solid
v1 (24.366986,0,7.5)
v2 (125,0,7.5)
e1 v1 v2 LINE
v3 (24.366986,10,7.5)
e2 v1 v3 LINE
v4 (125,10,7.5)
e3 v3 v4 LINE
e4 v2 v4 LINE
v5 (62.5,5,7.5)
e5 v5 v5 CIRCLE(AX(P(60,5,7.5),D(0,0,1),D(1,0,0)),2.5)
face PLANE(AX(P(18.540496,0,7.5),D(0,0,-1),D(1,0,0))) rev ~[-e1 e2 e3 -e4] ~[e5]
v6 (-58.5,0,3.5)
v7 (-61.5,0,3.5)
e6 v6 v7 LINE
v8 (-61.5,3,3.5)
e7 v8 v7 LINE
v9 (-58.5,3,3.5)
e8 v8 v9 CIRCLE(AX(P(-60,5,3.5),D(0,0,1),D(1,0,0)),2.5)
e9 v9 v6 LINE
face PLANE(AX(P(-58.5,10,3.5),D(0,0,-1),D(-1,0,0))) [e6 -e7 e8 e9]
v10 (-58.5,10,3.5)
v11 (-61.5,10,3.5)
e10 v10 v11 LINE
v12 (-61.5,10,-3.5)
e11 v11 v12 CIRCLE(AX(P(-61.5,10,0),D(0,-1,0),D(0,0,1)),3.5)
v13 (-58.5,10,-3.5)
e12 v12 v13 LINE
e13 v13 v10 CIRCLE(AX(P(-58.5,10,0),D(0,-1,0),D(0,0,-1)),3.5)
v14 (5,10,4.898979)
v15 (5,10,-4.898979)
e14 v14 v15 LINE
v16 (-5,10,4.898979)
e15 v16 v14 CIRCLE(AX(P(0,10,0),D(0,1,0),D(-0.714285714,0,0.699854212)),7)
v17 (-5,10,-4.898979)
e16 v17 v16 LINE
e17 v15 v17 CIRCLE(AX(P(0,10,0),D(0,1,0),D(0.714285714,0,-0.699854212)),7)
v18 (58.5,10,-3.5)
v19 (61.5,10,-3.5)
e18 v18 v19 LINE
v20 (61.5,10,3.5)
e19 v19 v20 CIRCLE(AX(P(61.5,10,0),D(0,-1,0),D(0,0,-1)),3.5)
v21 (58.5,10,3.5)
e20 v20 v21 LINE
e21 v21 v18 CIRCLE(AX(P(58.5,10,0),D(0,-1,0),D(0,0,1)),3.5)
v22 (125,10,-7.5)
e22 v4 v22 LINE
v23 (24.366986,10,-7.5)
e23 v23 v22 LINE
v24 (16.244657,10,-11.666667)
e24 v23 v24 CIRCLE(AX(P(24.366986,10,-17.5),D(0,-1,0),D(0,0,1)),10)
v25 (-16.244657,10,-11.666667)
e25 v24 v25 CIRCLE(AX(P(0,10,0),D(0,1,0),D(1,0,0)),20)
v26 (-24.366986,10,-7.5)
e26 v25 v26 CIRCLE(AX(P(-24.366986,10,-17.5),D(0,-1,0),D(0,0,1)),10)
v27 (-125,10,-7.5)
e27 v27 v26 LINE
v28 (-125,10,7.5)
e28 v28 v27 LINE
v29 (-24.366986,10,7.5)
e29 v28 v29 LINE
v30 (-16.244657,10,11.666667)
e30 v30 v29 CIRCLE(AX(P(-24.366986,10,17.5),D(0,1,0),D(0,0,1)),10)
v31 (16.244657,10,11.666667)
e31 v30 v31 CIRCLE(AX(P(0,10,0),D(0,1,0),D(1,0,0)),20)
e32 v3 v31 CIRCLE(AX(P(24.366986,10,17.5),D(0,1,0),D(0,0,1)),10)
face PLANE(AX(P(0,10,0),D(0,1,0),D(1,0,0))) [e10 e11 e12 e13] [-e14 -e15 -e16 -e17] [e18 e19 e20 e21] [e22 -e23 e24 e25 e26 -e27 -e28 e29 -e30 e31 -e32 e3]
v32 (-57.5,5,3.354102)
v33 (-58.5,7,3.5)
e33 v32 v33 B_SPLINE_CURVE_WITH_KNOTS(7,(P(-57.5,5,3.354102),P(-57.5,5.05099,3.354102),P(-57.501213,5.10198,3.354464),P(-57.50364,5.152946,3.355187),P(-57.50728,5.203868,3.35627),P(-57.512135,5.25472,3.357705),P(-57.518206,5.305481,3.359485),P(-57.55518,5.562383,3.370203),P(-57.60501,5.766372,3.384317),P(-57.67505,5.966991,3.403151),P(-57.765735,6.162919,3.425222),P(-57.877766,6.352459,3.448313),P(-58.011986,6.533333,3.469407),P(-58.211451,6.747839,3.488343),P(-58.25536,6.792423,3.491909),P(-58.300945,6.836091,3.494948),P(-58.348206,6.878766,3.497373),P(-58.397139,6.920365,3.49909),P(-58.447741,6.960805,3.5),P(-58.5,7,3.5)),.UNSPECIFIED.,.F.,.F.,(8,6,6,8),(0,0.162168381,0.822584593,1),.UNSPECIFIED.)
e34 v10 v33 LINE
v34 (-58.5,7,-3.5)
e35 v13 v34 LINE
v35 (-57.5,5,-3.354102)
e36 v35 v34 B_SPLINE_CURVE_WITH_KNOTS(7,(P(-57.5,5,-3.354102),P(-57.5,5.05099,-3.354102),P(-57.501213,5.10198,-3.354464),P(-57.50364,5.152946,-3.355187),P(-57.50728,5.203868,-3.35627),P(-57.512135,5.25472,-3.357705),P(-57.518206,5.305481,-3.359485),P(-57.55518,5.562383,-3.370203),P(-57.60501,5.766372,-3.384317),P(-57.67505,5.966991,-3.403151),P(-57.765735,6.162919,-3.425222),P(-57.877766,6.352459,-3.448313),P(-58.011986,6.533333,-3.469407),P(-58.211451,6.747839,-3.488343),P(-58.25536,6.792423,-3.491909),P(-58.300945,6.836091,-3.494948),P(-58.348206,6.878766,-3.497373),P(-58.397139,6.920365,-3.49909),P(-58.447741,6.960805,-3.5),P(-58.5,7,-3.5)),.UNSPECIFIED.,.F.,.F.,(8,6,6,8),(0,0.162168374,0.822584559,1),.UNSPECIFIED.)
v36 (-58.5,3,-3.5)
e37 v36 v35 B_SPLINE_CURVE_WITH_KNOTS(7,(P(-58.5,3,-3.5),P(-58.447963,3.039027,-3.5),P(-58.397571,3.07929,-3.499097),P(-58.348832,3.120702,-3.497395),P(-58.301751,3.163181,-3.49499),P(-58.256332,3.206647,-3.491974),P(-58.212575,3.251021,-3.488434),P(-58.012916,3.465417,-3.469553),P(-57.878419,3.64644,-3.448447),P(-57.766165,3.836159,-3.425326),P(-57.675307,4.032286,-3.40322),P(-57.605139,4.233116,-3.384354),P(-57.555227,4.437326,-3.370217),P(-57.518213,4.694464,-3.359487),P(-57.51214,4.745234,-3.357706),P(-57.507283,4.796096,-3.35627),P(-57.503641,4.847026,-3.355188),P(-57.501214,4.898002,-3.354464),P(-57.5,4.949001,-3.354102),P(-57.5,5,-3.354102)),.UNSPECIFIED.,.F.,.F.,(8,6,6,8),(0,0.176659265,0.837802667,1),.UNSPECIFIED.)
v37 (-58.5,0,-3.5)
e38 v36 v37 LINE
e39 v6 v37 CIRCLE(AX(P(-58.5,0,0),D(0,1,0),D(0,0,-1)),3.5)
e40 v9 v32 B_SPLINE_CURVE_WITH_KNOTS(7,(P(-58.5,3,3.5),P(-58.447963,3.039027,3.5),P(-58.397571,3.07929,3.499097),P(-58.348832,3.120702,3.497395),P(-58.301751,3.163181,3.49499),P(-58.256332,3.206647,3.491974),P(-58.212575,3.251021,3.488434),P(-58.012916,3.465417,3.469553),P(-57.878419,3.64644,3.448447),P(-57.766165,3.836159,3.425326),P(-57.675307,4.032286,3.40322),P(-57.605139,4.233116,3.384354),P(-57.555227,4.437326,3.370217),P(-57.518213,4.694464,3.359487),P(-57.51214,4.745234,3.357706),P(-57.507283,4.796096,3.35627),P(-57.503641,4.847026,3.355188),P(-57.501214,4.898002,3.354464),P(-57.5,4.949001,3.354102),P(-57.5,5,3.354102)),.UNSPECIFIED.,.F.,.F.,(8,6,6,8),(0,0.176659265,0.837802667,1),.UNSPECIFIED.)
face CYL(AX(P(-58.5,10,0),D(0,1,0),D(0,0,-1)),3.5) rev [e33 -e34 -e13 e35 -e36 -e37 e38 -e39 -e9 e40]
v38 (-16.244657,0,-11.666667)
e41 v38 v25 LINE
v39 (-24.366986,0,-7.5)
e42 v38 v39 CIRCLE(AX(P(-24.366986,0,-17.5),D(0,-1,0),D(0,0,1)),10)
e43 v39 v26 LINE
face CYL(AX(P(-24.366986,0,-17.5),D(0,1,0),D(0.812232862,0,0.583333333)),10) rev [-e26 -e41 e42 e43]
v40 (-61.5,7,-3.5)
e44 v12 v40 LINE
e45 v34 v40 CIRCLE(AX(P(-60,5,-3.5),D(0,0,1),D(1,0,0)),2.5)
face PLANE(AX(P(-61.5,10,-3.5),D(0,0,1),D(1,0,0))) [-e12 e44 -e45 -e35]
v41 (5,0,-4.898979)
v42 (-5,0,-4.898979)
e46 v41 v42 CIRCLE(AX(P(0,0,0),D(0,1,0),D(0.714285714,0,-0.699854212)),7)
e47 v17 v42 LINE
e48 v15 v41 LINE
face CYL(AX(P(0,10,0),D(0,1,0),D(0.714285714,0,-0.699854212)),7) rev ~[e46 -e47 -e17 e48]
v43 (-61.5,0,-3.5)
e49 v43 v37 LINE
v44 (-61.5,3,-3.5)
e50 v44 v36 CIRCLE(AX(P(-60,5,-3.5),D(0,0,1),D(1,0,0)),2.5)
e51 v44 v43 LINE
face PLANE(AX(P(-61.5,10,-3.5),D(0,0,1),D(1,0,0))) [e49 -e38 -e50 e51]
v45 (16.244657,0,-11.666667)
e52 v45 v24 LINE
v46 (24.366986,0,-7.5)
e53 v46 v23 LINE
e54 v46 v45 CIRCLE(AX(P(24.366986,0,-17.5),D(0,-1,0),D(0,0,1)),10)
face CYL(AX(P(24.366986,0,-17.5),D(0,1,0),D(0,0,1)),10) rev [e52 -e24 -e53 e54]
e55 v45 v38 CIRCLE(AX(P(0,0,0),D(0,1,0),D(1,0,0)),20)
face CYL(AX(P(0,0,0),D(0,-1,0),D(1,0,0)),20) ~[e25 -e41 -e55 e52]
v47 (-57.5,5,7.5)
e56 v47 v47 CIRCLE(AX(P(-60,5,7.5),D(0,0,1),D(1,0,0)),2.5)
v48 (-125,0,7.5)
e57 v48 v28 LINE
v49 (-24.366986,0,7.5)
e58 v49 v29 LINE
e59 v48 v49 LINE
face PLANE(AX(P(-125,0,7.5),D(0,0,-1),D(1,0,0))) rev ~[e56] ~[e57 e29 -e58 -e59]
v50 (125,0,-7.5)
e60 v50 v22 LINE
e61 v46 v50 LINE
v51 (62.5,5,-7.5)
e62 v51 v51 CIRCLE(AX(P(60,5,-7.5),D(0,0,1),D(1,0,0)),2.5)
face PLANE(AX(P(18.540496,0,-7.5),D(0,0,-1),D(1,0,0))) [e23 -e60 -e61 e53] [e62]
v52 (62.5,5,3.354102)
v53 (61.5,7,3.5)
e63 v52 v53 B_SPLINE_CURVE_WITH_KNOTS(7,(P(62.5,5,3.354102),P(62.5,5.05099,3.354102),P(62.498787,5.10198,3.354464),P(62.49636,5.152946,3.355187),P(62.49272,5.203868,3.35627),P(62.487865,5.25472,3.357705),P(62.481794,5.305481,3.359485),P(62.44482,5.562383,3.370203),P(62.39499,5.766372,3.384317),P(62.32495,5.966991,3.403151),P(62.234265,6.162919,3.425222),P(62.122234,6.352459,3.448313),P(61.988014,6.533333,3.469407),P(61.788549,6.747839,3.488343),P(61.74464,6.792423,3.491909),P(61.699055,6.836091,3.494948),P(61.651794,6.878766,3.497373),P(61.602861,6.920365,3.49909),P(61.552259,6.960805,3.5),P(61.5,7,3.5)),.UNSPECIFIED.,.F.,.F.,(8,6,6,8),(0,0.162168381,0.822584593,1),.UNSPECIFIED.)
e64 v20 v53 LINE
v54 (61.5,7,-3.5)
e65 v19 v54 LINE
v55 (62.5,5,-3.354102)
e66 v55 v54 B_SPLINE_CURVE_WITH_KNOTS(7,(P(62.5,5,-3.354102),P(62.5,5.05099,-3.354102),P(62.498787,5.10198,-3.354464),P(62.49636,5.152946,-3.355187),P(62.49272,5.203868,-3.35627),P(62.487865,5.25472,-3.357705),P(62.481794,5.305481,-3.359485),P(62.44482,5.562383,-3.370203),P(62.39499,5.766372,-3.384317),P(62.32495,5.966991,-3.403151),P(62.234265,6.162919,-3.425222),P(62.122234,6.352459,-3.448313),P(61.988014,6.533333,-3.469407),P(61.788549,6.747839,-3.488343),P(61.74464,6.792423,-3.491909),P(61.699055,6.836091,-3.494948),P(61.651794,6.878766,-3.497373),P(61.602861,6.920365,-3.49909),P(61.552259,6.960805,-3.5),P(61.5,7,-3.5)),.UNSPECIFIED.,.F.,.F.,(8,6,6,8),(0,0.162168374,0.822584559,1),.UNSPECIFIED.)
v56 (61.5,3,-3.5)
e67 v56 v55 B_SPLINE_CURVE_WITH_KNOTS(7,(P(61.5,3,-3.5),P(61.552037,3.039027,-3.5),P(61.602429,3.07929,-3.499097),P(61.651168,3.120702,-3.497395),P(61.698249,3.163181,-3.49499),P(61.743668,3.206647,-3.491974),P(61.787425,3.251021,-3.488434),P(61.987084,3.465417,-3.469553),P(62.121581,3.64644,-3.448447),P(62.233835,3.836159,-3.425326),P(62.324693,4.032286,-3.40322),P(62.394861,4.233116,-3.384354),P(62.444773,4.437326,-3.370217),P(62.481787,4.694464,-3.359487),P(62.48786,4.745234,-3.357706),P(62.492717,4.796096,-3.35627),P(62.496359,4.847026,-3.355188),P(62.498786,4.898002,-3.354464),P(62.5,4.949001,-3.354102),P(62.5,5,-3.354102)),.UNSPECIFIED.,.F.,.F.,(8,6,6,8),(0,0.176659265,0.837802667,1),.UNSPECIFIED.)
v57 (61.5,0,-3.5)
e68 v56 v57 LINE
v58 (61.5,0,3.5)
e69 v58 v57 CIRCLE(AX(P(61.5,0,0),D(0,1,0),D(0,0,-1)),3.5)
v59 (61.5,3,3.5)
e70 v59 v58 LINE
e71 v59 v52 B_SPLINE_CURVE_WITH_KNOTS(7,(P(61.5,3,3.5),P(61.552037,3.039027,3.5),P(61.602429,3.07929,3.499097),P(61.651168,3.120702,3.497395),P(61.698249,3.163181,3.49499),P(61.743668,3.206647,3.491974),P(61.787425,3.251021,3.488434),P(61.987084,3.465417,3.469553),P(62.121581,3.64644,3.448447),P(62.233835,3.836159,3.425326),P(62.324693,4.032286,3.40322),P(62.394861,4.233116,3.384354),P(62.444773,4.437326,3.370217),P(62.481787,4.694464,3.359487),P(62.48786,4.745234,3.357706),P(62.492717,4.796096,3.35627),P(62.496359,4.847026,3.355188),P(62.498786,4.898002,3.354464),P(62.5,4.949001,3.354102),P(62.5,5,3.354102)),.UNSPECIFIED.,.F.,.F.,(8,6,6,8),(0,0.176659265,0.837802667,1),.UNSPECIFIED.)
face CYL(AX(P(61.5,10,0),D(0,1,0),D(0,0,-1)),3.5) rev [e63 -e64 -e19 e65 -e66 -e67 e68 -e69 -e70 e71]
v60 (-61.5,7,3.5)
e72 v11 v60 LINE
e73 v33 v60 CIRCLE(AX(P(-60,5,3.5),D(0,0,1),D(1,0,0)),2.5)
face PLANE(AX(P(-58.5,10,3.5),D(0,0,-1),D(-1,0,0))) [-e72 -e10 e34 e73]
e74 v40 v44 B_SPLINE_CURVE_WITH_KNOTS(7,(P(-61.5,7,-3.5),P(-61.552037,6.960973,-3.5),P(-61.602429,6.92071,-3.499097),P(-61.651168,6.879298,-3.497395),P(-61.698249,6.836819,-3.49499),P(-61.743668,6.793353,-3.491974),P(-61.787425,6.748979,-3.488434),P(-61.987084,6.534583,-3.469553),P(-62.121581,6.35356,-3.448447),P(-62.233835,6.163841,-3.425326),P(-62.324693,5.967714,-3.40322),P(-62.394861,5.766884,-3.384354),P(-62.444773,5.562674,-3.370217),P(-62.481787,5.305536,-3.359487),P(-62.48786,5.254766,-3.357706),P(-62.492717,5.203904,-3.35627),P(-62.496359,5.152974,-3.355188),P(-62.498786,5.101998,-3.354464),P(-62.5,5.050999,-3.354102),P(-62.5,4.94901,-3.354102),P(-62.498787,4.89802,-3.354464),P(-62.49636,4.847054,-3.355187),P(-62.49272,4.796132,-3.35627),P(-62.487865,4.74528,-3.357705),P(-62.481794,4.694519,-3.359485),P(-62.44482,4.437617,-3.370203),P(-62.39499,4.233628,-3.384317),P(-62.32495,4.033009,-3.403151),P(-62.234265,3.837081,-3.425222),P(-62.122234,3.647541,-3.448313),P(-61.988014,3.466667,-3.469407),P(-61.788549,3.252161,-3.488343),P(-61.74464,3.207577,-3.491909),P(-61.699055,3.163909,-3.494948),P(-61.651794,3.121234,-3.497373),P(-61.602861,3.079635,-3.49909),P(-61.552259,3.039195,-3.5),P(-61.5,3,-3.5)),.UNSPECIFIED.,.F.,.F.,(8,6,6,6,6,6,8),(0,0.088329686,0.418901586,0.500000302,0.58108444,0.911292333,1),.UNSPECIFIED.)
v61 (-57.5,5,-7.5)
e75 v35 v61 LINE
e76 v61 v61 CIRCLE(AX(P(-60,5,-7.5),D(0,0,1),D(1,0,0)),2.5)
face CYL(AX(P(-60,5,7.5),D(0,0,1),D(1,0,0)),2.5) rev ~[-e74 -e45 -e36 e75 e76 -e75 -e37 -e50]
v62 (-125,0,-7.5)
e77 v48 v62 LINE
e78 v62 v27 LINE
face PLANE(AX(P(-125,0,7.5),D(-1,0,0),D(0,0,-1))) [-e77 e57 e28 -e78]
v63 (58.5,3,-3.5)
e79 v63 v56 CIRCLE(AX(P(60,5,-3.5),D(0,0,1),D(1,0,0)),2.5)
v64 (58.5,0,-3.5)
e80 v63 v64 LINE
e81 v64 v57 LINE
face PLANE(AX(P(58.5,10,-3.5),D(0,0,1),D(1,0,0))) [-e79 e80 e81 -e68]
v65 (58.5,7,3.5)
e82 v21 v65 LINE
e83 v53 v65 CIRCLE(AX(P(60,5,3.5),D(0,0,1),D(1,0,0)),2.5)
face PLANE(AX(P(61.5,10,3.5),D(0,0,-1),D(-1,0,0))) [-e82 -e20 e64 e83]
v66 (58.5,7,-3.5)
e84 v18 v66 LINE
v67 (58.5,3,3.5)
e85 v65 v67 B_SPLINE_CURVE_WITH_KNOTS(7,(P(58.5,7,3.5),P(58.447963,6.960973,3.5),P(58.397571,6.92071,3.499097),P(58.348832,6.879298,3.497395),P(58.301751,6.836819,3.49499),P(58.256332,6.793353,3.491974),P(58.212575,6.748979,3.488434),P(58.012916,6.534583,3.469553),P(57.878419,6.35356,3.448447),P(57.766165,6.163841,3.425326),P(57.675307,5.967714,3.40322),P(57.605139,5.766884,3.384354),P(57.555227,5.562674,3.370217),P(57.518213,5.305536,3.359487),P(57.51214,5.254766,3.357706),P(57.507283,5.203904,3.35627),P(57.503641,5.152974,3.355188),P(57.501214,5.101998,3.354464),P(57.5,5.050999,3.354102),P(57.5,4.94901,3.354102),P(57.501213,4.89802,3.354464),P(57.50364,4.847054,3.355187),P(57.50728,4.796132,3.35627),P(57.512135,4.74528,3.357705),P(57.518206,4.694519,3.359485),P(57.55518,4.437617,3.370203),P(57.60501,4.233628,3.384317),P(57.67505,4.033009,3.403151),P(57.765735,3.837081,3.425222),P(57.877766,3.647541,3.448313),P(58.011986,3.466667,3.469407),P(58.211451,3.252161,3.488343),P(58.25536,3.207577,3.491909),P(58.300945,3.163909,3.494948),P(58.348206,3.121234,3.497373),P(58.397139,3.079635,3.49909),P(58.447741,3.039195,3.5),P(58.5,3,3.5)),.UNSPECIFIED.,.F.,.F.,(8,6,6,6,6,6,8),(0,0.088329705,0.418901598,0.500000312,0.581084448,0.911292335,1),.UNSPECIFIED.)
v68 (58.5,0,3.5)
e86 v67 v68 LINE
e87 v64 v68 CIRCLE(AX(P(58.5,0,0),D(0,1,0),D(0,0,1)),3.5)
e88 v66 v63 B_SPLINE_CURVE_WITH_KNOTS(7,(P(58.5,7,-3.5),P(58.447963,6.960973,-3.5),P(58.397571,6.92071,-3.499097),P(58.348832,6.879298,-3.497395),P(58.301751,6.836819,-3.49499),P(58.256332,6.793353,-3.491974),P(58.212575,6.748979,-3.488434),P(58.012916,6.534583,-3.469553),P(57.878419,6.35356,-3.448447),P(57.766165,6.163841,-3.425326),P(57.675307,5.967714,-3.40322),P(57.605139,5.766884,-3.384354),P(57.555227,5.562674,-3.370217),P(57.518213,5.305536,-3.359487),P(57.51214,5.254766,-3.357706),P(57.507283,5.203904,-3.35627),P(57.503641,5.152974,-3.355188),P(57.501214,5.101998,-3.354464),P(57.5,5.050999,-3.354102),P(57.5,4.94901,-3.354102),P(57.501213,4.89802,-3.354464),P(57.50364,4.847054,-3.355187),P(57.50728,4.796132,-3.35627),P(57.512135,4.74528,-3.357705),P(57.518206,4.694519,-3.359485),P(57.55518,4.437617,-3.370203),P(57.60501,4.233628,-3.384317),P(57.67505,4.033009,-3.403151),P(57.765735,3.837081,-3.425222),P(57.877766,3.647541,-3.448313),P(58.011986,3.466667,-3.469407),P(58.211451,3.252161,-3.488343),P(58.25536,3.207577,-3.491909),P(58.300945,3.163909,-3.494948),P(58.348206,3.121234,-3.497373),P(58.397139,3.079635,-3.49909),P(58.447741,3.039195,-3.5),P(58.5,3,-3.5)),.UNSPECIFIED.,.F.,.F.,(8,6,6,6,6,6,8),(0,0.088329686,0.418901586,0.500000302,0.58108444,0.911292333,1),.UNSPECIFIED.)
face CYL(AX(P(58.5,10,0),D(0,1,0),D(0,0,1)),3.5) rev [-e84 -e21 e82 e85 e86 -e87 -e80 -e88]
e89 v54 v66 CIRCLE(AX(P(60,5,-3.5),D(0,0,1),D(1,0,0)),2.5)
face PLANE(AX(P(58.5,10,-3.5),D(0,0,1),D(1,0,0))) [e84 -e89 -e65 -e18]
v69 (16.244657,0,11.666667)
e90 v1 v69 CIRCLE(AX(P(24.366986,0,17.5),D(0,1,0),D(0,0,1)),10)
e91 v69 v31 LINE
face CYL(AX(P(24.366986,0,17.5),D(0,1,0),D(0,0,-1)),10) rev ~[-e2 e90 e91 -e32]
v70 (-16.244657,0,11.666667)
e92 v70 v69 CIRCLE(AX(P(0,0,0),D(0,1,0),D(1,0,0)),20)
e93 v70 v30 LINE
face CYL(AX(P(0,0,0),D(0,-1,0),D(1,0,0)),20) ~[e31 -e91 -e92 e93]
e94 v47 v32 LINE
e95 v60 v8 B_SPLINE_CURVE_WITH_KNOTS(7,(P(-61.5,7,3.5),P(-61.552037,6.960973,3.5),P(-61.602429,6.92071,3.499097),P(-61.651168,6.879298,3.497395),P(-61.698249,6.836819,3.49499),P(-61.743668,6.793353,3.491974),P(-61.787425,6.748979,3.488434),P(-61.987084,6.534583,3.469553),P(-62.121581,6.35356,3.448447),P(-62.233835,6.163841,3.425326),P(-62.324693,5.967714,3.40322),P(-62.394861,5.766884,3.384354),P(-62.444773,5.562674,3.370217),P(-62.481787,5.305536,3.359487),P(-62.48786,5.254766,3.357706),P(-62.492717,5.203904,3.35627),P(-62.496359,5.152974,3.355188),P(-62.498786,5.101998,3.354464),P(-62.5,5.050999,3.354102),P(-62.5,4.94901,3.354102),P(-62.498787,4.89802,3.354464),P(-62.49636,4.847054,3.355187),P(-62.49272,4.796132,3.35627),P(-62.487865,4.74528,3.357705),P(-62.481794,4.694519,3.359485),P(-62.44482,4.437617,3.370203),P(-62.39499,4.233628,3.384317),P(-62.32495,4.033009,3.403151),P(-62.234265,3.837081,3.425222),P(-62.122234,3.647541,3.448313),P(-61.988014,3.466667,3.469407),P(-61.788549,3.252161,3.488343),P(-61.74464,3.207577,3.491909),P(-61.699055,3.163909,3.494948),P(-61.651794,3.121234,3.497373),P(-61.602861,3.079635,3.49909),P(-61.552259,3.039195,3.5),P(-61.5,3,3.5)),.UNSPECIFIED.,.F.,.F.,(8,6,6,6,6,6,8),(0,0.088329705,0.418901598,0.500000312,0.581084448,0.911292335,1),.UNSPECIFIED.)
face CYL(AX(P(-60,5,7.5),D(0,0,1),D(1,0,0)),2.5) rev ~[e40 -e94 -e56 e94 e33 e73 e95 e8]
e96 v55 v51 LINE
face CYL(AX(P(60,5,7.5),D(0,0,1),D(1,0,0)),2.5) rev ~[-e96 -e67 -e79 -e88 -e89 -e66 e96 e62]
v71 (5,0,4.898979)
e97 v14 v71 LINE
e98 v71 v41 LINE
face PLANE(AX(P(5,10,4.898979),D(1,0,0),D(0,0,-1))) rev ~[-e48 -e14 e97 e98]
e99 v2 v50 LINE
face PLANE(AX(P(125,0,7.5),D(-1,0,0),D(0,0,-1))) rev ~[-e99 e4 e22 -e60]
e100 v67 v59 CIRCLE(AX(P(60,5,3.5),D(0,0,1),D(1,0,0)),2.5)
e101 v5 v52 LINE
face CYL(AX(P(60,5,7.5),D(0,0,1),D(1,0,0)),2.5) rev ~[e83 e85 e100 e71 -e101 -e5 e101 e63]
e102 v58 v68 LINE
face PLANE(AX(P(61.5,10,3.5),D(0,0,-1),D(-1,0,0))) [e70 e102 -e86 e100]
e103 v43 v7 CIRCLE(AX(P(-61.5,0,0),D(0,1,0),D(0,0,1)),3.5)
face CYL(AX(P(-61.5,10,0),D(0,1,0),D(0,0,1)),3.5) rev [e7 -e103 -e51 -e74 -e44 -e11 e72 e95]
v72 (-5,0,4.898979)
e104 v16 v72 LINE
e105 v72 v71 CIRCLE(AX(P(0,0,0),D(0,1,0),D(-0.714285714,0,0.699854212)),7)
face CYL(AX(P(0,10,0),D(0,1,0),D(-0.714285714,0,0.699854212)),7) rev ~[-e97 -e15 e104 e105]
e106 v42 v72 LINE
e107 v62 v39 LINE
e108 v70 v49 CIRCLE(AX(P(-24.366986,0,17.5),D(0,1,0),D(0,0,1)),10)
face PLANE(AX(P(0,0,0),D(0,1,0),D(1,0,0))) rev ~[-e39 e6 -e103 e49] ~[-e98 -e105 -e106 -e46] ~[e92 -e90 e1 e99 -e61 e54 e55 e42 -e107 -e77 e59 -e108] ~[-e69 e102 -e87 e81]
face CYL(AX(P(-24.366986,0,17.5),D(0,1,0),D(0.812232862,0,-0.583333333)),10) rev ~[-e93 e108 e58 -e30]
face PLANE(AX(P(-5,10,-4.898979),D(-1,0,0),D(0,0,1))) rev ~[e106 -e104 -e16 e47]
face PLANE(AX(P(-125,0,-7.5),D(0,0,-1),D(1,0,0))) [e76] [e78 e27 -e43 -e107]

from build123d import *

# Parameters (mm, degrees)
SKETCH1_R           = 20
SKETCH1_W           = 250
SKETCH1_H           = 15
BOSS_EXTRUDE1_DEPTH = 10
CUT_EXTRUDE1_DEPTH  = 127.984250992
FILLET1_R           = 10
CUT_EXTRUDE2_DEPTH  = 127.984250992
SKETCH6_R           = 2.5
CUT_EXTRUDE3_DEPTH  = 129.379320765
SKETCH7_R           = 2.5
CUT_EXTRUDE4_DEPTH  = 129.379320772


with BuildPart() as part:
    # Sketch1 → Boss-Extrude1 (new body)
    with BuildSketch(Plane(origin=(0, 0, 0), x_dir=(1, 0, 0), z_dir=(0, 1, 0))):
        Circle(SKETCH1_R)
        Rectangle(SKETCH1_W, SKETCH1_H)
    extrude(amount=BOSS_EXTRUDE1_DEPTH)

    # Sketch2 → Cut-Extrude1 (cut, through all)
    with BuildSketch(Plane(origin=(0, 10, 0), x_dir=(1, 0, 0), z_dir=(0, 1, 0))):
        with BuildLine():
            Line((-5, 4.898979486), (-5, -4.898979486))
            ThreePointArc((-5, -4.898979486), (0, -7), (5, -4.898979486))
            Line((5, -4.898979486), (5, 4.898979486))
            ThreePointArc((5, 4.898979486), (0, 7), (-5, 4.898979486))
        make_face()
    extrude(amount=-CUT_EXTRUDE1_DEPTH, mode=Mode.SUBTRACT)

    # Fillet1
    fillet1_edges = [part.edges().sort_by_distance(p)[0] for p in [
        (-18.540496218, 5, -7.5),
        (18.540496218, 5, -7.5),
        (-18.540496218, 5, 7.5),
        (18.540496218, 5, 7.5),
    ]]
    fillet(fillet1_edges, radius=FILLET1_R)

    # Sketch4 → Cut-Extrude2 (cut, through all)
    with BuildSketch(Plane(origin=(0, 10, 0), x_dir=(1, 0, 0), z_dir=(0, 1, 0))):
        with BuildLine():
            Line((-61.5, 3.5), (-58.5, 3.5))
            ThreePointArc((-58.5, 3.5), (-55, 0), (-58.5, -3.5))
            Line((-58.5, -3.5), (-61.5, -3.5))
            ThreePointArc((-61.5, -3.5), (-65, 0), (-61.5, 3.5))
        make_face()
        with BuildLine():
            Line((58.5, 3.5), (61.5, 3.5))
            ThreePointArc((61.5, 3.5), (65, 0), (61.5, -3.5))
            Line((61.5, -3.5), (58.5, -3.5))
            ThreePointArc((58.5, -3.5), (55, 0), (58.5, 3.5))
        make_face()
    extrude(amount=-CUT_EXTRUDE2_DEPTH, mode=Mode.SUBTRACT)

    # Sketch6 → Cut-Extrude3 (cut, through all)
    with BuildSketch(Plane.XY.offset(7.5)):
        with Locations((-60, 5)):
            Circle(SKETCH6_R)
    extrude(amount=-CUT_EXTRUDE3_DEPTH, mode=Mode.SUBTRACT)

    # Sketch7 → Cut-Extrude4 (cut, through all)
    with BuildSketch(Plane.XY.offset(7.5)):
        with Locations((60, 5)):
            Circle(SKETCH7_R)
    extrude(amount=-CUT_EXTRUDE4_DEPTH, mode=Mode.SUBTRACT)


solid = part.part
